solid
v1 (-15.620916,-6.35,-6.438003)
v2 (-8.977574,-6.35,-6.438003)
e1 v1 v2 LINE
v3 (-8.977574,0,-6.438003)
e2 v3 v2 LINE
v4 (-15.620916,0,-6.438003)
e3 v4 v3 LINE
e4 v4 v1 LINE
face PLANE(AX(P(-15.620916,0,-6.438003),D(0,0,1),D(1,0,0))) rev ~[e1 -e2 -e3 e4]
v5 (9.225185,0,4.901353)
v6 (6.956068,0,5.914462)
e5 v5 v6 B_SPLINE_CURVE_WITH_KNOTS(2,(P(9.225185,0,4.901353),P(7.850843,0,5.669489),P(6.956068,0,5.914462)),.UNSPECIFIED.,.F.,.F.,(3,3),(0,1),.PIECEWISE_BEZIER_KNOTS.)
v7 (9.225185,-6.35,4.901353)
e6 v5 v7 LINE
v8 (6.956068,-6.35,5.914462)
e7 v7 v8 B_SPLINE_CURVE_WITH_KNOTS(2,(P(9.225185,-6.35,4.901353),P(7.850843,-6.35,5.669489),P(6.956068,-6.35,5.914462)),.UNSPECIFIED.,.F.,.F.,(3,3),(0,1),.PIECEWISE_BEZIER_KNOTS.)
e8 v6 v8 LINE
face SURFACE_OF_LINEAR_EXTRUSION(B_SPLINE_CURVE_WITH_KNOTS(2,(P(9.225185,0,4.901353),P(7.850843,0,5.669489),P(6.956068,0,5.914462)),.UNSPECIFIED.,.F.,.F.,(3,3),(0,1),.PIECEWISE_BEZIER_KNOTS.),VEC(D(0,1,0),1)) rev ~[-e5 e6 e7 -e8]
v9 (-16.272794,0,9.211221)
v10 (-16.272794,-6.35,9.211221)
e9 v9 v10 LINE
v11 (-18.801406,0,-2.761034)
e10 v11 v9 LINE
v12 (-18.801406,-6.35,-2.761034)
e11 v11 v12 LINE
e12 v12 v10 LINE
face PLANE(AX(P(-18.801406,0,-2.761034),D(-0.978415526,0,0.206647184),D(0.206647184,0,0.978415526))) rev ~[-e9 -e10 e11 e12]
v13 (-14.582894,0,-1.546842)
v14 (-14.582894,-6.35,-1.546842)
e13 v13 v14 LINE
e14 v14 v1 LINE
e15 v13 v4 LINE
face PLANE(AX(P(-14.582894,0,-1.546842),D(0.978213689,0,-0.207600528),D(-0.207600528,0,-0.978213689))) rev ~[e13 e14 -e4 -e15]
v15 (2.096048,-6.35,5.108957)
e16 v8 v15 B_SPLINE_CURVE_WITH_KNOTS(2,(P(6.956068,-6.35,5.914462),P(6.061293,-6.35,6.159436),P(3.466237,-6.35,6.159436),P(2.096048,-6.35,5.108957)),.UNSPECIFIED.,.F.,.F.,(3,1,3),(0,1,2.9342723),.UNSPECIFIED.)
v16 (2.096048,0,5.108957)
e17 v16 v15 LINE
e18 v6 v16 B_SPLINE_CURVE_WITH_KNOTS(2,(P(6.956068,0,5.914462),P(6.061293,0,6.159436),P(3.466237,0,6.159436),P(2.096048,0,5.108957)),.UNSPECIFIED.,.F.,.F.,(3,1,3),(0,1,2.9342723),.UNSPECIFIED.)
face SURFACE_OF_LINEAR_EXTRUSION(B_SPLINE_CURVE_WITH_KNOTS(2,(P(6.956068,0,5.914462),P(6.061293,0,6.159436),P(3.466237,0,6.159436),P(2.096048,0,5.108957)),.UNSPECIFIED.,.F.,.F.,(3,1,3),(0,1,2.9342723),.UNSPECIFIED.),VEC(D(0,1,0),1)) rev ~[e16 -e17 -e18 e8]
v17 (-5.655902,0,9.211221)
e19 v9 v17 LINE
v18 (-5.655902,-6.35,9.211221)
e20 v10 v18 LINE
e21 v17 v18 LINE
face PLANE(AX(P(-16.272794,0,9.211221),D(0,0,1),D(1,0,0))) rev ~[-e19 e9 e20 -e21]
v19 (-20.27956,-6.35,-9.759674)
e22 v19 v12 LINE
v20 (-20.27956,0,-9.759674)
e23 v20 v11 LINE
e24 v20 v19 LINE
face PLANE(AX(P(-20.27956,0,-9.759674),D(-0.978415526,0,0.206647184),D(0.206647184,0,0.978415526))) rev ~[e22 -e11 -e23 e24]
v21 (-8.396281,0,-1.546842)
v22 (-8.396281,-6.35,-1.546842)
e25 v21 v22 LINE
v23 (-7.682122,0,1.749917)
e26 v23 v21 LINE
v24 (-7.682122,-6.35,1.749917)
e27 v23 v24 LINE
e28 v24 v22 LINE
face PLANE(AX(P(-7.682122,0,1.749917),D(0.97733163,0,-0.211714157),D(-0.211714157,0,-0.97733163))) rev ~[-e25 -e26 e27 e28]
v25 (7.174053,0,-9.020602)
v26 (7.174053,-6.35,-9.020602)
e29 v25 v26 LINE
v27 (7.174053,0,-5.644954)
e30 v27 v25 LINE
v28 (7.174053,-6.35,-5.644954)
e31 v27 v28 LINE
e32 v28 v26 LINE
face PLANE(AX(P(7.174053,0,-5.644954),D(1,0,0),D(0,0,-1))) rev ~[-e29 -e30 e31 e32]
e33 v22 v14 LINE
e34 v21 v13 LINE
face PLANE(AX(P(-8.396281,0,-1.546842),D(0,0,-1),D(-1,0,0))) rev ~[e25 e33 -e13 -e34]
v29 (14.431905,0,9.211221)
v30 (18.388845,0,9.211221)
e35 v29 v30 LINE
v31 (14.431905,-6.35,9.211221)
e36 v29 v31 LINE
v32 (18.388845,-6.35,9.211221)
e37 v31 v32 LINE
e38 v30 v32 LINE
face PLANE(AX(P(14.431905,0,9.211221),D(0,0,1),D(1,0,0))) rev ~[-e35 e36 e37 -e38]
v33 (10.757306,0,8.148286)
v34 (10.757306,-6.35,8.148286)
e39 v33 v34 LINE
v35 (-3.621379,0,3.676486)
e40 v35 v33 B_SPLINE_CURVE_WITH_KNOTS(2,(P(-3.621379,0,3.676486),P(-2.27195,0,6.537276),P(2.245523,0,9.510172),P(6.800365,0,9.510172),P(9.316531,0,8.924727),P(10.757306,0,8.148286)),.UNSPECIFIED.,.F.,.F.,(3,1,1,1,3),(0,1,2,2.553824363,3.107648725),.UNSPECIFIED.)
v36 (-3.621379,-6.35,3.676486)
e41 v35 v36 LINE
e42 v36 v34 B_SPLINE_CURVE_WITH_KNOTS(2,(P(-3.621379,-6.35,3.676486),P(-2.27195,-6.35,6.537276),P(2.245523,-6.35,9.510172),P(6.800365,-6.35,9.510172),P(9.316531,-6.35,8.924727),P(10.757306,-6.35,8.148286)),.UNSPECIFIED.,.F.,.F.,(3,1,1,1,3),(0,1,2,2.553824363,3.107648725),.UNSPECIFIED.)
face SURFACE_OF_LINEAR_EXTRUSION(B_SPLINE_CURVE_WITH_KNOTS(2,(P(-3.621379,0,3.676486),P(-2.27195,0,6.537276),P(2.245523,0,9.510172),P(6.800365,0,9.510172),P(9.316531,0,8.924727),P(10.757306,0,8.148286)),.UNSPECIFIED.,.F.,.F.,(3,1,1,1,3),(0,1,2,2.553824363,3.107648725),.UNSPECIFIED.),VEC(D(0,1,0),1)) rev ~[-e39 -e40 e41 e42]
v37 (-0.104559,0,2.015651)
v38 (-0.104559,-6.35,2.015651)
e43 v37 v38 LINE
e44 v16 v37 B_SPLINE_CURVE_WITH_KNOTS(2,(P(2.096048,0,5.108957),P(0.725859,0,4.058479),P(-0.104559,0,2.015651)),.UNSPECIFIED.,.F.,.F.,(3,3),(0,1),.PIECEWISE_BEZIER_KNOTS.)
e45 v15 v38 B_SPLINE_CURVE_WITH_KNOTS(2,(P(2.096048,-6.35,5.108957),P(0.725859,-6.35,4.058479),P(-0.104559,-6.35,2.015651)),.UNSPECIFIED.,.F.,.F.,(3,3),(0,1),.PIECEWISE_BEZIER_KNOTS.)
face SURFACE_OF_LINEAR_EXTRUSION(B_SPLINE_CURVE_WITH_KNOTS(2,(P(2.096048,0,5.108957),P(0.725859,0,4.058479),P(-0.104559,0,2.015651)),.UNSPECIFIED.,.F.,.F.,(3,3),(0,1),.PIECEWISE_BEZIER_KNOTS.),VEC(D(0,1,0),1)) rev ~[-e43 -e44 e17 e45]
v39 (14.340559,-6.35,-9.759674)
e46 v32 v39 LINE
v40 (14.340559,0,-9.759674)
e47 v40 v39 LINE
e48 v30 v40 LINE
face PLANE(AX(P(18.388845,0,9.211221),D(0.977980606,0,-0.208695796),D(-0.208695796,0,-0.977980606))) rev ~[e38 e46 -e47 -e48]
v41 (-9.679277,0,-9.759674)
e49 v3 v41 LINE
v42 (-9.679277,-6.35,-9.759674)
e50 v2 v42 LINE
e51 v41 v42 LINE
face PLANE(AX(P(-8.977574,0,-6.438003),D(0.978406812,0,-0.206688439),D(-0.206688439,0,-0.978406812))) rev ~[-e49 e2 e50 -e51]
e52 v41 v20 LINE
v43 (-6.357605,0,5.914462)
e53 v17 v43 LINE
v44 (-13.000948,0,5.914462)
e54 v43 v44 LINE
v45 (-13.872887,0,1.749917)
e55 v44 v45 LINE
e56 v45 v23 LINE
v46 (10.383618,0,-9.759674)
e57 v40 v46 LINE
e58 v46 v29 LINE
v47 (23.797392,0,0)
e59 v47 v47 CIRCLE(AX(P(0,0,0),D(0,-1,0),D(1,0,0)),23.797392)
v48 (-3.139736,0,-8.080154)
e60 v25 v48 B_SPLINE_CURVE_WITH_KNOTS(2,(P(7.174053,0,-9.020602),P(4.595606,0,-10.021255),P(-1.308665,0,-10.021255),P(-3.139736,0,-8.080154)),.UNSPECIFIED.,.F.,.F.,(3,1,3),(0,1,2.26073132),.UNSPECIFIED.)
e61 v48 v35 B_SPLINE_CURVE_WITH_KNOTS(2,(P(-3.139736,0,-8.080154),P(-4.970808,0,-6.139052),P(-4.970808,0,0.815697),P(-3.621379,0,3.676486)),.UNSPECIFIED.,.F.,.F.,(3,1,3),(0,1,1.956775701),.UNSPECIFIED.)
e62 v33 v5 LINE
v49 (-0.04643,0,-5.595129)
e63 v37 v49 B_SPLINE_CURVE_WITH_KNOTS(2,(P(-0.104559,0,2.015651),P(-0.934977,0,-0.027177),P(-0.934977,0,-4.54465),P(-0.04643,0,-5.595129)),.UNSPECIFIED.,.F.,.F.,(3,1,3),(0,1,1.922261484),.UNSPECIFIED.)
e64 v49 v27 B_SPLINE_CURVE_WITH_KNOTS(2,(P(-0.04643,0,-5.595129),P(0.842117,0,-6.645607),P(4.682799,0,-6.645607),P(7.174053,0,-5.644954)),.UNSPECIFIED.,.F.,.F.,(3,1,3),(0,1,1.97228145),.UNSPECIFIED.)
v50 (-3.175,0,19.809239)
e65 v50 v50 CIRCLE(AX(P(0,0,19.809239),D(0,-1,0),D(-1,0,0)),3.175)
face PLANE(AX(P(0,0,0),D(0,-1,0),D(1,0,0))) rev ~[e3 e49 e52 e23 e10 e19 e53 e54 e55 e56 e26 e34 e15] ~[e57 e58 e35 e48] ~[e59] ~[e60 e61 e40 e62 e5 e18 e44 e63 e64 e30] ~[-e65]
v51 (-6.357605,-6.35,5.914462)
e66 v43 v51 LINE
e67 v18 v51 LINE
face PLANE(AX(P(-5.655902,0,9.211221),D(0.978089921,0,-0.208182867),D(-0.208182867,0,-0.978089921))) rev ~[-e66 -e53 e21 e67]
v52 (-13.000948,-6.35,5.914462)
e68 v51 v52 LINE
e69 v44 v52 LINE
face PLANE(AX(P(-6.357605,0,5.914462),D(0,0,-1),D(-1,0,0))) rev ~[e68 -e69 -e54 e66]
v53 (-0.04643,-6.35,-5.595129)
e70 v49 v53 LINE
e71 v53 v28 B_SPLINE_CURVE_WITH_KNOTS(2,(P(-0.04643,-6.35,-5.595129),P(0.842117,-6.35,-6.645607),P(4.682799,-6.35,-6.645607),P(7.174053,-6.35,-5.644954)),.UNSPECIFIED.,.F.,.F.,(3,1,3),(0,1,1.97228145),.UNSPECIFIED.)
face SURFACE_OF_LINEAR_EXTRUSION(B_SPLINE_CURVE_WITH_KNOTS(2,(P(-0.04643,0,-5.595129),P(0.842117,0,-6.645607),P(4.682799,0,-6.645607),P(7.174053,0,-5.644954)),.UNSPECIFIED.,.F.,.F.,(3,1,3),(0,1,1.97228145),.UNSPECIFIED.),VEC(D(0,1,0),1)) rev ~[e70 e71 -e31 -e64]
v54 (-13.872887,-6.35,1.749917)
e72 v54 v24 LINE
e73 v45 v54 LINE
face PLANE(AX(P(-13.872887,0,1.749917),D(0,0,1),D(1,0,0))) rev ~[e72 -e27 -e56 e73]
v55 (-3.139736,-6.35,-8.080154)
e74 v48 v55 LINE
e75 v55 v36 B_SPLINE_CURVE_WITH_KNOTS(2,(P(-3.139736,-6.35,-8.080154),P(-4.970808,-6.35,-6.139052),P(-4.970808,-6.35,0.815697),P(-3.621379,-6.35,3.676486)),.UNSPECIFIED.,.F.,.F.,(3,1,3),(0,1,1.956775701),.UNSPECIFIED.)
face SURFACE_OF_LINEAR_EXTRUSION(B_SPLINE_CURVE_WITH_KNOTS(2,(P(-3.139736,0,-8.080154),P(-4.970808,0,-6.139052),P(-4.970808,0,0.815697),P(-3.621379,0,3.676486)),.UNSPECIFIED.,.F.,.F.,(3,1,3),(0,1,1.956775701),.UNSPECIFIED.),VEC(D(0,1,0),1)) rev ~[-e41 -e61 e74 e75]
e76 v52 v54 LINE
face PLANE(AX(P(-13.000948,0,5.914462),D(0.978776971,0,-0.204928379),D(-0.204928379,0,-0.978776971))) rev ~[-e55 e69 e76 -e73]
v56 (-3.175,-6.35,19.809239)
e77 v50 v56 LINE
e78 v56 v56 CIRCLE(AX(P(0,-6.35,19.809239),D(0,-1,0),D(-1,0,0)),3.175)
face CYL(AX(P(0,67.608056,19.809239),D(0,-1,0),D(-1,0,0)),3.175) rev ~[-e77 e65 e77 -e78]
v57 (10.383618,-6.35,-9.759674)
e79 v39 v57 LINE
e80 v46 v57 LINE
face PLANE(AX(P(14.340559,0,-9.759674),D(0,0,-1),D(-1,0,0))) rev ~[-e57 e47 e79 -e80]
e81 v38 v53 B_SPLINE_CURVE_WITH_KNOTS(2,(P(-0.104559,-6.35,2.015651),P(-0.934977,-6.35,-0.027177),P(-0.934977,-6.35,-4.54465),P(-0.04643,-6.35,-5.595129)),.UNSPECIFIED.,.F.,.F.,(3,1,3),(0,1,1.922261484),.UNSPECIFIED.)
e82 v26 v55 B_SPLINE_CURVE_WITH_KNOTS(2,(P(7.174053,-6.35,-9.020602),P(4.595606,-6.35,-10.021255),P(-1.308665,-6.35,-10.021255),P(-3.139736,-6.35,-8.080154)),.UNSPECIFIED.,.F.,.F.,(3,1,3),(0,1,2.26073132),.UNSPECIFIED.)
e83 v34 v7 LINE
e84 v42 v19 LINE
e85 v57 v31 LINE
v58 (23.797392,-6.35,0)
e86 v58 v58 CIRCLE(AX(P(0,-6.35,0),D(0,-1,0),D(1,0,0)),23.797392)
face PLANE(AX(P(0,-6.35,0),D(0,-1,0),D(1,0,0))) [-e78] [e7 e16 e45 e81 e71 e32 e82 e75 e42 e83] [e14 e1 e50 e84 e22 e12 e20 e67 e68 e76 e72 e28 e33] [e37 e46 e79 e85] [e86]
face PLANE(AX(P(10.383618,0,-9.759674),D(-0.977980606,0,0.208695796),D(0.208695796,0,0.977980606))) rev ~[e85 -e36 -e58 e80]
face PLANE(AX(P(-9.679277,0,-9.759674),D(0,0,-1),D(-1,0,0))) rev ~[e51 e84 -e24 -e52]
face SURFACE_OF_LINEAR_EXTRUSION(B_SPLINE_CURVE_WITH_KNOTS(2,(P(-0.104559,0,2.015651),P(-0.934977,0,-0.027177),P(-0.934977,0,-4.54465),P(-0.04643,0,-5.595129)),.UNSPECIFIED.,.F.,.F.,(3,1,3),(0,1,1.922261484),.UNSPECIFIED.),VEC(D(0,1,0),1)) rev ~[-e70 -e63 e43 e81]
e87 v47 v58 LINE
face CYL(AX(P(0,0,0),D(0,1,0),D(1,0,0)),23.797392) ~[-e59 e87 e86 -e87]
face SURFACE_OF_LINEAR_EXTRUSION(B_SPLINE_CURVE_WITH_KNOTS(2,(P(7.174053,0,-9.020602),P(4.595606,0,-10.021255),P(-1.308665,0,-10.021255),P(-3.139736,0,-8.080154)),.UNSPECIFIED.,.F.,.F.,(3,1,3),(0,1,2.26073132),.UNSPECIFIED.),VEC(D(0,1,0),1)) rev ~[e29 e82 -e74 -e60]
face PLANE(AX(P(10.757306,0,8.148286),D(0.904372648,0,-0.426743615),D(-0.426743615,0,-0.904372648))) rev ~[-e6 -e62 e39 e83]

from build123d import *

# Parameters (mm, degrees)
F0_R     = 23.7973915631
F1_DEPTH = 6.35
F3_D     = 6.35


with BuildPart() as f1:
    # F0 (on Front) → F1 (new body)
    with BuildSketch(Plane.XZ):
        Circle(F0_R)
        with BuildLine():
            ThreePointArc((17.8274095594, 6.5802461846), (18.7068363125, 3.3422218102), (19.0030568975, 0))
            ThreePointArc((19.0030568975, 0), (5.0628246451, -18.3162217191), (-16.3053653077, -9.7596738487))
            Line((-16.3053653077, -9.7596738487), (-20.2795601427, -9.7596738487))
            Line((-20.2795601427, -9.7596738487), (-18.801405818, -2.7610343567))
            ThreePointArc((-18.801405818, -2.7610343567), (-6.0845605014, 18.0026191137), (16.6213590387, 9.2112211544))
            Line((16.6213590387, 9.2112211544), (18.3888454525, 9.2112211544))
            Line((18.3888454525, 9.2112211544), (17.8274095594, 6.5802461846))
        make_face(mode=Mode.SUBTRACT)
        with BuildLine():
            ThreePointArc((-16.3053653077, -9.7596738487), (5.0628246451, -18.3162217191), (19.0030568975, 0))
            ThreePointArc((19.0030568975, 0), (18.7068363125, 3.3422218102), (17.8274095594, 6.5802461846))
            Line((17.8274095594, 6.5802461846), (14.3405586002, -9.7596738487))
            Line((14.3405586002, -9.7596738487), (10.3836177077, -9.7596738487))
            Line((10.3836177077, -9.7596738487), (14.43190456, 9.2112211544))
            Line((14.43190456, 9.2112211544), (16.6213590387, 9.2112211544))
            ThreePointArc((16.6213590387, 9.2112211544), (-6.0845605014, 18.0026191137), (-18.801405818, -2.7610343567))
            Line((-18.801405818, -2.7610343567), (-16.2727941812, 9.2112211544))
            Line((-16.2727941812, 9.2112211544), (-5.6559024055, 9.2112211544))
            Line((-5.6559024055, 9.2112211544), (-6.3576054599, 5.9144624255))
            Line((-6.3576054599, 5.9144624255), (-13.0009479868, 5.9144624255))
            Line((-13.0009479868, 5.9144624255), (-13.8728866934, 1.749917079))
            Line((-13.8728866934, 1.749917079), (-7.6821218762, 1.749917079))
            Line((-7.6821218762, 1.749917079), (-8.3962811978, -1.5468416499))
            Line((-8.3962811978, -1.5468416499), (-14.582893926, -1.5468416499))
            Line((-14.582893926, -1.5468416499), (-15.6209161958, -6.4380025853))
            Line((-15.6209161958, -6.4380025853), (-8.9775736689, -6.4380025853))
            Line((-8.9775736689, -6.4380025853), (-9.6792767233, -9.7596738487))
            Line((-9.6792767233, -9.7596738487), (-16.3053653077, -9.7596738487))
        make_face()
        with BuildLine():
            add(Edge.make_bspline(
                [(6.9560681728, 5.9144624255), (6.0612929762, 6.1594356812), (5.1768980023, 6.1594356812)],
                knots=[0, 0, 0, 1, 1, 1], degree=2))
            add(Edge.make_bspline(
                [(5.1768980023, 6.1594356812), (3.4662373016, 6.1594356812), (2.0960479055, 5.1089571441)],
                knots=[0, 0, 0, 1, 1, 1], degree=2))
            add(Edge.make_bspline(
                [(2.0960479055, 5.1089571441), (0.7258585093, 4.0584786071), (-0.1045593065, 2.0156507801)],
                knots=[0, 0, 0, 1, 1, 1], degree=2))
            add(Edge.make_bspline(
                [(-0.1045593065, 2.0156507801), (-0.9349771224, -0.0271770469), (-0.9349771224, -2.3772594658)],
                knots=[0, 0, 0, 1, 1, 1], degree=2))
            add(Edge.make_bspline(
                [(-0.9349771224, -2.3772594658), (-0.9349771224, -4.5446499652), (-0.0464300594, -5.5951285022)],
                knots=[0, 0, 0, 1, 1, 1], degree=2))
            add(Edge.make_bspline(
                [(-0.0464300594, -5.5951285022), (0.8421170035, -6.6456070393), (2.7894467817, -6.6456070393)],
                knots=[0, 0, 0, 1, 1, 1], degree=2))
            add(Edge.make_bspline(
                [(2.7894467817, -6.6456070393), (4.6827994019, -6.6456070393), (7.1740528494, -5.6449535712)],
                knots=[0, 0, 0, 1, 1, 1], degree=2))
            Line((7.1740528494, -5.6449535712), (7.1740528494, -9.0206019926))
            add(Edge.make_bspline(
                [(7.1740528494, -9.0206019926), (4.5956055312, -10.0212554607), (1.9839415003, -10.0212554607)],
                knots=[0, 0, 0, 1, 1, 1], degree=2))
            add(Edge.make_bspline(
                [(1.9839415003, -10.0212554607), (-1.3086651395, -10.0212554607), (-3.1397364235, -8.0801538162)],
                knots=[0, 0, 0, 1, 1, 1], degree=2))
            add(Edge.make_bspline(
                [(-3.1397364235, -8.0801538162), (-4.9708077074, -6.1390521716), (-4.9708077074, -2.5848639198)],
                knots=[0, 0, 0, 1, 1, 1], degree=2))
            add(Edge.make_bspline(
                [(-4.9708077074, -2.5848639198), (-4.9708077074, 0.8156970362), (-3.6213787567, 3.6764864118)],
                knots=[0, 0, 0, 1, 1, 1], degree=2))
            add(Edge.make_bspline(
                [(-3.6213787567, 3.6764864118), (-2.2719498059, 6.5372757874), (-0.0132133468, 8.0237236778)],
                knots=[0, 0, 0, 1, 1, 1], degree=2))
            add(Edge.make_bspline(
                [(-0.0132133468, 8.0237236778), (2.2455231123, 9.5101715682), (5.1768980023, 9.5101715682)],
                knots=[0, 0, 0, 1, 1, 1], degree=2))
            add(Edge.make_bspline(
                [(5.1768980023, 9.5101715682), (6.8003648323, 9.5101715682), (8.0584478233, 9.2174492881)],
                knots=[0, 0, 0, 1, 1, 1], degree=2))
            add(Edge.make_bspline(
                [(8.0584478233, 9.2174492881), (9.3165308143, 8.924727008), (10.7573057248, 8.1482863502)],
                knots=[0, 0, 0, 1, 1, 1], degree=2))
            Line((10.7573057248, 8.1482863502), (9.2251848546, 4.9013526902))
            add(Edge.make_bspline(
                [(9.2251848546, 4.9013526902), (7.8508433693, 5.6694891698), (6.9560681728, 5.9144624255)],
                knots=[0, 0, 0, 1, 1, 1], degree=2))
        make_face(mode=Mode.SUBTRACT)
    extrude(amount=F1_DEPTH)

    # F3 (through all)
    with Locations(Plane(origin=(0, 0, 0), x_dir=(1, 0, 0), z_dir=(0, 1, 0))):
        with Locations((0, -19.8092386127)):
            Hole(F3_D / 2)


solid = f1.part
